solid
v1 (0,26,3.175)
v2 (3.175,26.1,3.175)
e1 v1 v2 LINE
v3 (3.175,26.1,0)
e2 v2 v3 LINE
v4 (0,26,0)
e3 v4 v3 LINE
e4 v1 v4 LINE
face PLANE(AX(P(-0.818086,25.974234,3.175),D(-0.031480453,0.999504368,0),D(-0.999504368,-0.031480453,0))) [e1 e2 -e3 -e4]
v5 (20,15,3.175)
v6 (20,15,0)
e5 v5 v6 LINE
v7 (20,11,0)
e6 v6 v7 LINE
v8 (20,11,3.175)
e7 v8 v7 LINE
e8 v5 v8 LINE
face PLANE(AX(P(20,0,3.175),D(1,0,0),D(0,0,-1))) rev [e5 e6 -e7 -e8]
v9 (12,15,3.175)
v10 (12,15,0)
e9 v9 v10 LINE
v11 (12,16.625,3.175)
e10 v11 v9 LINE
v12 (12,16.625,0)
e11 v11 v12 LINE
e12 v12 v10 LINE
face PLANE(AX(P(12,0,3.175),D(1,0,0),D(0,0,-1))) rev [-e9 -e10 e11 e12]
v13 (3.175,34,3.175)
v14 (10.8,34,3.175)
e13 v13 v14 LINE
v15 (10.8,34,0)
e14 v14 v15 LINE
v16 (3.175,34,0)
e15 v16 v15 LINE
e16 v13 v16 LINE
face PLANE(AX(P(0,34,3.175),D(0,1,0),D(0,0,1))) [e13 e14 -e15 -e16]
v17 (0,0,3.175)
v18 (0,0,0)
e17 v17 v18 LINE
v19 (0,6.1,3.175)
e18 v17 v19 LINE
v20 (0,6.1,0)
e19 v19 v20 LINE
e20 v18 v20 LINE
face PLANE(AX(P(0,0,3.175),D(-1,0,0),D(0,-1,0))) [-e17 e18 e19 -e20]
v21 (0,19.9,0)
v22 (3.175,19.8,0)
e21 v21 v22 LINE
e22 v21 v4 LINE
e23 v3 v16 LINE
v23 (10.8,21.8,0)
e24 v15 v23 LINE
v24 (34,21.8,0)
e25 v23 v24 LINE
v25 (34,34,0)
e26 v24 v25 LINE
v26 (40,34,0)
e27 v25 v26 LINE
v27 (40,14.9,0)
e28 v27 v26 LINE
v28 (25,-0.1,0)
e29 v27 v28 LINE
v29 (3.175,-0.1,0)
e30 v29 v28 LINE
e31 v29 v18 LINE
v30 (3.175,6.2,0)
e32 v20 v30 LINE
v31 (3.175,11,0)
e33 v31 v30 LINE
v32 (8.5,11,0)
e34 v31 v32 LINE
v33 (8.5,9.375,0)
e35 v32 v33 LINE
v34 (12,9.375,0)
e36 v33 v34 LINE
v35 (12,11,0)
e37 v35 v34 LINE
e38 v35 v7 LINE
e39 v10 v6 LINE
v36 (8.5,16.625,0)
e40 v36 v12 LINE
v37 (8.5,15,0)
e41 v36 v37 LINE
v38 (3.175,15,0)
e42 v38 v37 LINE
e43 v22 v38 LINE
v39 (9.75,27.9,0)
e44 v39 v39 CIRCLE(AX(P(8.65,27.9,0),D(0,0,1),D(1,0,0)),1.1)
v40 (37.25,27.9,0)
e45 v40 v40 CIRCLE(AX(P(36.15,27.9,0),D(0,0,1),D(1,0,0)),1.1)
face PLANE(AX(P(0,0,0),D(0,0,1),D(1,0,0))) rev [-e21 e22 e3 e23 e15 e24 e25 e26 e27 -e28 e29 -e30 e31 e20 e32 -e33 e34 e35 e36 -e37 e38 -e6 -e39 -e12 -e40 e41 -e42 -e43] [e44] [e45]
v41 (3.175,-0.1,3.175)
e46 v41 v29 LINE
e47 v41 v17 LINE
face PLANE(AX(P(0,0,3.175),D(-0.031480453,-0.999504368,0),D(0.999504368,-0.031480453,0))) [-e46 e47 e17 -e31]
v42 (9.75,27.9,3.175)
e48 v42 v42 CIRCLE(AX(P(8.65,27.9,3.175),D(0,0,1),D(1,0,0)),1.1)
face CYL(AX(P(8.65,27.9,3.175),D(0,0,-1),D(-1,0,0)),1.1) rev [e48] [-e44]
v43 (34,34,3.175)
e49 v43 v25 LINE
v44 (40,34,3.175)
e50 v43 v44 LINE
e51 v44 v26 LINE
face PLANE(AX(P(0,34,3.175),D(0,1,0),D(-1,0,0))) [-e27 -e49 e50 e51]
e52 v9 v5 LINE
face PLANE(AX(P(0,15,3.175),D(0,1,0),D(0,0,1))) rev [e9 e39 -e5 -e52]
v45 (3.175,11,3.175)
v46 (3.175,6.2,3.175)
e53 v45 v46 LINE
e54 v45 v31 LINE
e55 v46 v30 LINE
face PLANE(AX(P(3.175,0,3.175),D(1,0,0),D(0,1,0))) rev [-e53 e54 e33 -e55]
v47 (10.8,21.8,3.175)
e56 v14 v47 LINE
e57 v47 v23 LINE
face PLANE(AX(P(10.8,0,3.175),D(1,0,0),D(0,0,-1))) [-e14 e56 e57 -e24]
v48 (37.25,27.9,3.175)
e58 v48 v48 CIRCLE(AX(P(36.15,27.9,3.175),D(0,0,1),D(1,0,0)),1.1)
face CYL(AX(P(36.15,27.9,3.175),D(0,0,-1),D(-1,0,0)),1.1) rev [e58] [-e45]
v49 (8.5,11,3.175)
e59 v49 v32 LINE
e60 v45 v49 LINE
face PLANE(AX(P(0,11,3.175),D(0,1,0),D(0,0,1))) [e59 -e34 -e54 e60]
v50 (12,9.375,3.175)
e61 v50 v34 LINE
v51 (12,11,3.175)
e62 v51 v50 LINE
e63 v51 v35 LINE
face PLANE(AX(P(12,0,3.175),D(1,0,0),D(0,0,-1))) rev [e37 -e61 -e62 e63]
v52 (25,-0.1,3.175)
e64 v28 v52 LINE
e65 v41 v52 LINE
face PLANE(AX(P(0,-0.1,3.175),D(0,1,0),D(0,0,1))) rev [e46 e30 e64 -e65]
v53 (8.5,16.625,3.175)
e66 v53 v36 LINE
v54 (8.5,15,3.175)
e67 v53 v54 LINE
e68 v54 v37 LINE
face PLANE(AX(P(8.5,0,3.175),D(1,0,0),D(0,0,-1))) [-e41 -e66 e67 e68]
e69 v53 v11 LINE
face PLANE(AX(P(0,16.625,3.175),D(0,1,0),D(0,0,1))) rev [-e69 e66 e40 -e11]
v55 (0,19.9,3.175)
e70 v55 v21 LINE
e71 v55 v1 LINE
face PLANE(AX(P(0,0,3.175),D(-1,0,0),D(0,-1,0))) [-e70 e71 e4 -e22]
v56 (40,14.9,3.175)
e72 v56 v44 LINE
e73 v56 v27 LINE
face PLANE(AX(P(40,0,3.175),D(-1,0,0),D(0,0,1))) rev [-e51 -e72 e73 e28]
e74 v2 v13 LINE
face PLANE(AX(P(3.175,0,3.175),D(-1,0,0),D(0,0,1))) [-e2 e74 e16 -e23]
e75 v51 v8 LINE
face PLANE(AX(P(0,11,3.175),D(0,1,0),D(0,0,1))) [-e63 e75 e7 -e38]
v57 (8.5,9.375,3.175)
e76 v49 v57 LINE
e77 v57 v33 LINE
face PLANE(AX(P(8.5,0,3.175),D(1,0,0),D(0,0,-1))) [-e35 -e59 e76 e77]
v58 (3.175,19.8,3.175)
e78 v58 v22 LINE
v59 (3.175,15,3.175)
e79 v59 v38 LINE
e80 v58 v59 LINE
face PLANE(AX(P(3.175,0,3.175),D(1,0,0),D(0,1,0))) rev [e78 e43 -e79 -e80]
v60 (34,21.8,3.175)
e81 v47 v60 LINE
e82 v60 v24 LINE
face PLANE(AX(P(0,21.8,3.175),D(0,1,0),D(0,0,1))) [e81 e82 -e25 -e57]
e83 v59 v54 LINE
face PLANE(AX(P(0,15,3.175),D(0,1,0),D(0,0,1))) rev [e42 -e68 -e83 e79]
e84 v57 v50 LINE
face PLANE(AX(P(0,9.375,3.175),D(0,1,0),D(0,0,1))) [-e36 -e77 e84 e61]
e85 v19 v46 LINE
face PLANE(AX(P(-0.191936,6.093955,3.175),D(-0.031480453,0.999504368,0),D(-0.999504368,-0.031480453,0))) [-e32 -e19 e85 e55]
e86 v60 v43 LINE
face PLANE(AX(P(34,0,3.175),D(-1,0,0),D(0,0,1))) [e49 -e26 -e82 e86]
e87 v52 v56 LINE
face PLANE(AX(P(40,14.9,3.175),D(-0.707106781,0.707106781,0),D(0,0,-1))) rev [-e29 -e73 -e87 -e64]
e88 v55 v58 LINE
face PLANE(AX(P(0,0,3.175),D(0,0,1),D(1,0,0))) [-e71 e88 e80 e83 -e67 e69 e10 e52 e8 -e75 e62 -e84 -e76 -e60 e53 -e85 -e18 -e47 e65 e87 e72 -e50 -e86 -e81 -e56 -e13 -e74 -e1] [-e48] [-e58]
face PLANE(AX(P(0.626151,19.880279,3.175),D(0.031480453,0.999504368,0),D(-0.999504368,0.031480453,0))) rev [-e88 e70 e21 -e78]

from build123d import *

# Parameters (mm, degrees)
SKETCH1_R           = 1.1
BOSS_EXTRUDE1_DEPTH = 3.175
CHAMFER1_SIZE       = 15


with BuildPart() as part:
    # Sketch1 → Boss-Extrude1 (new body)
    # profile 1 of 6: a face of its own
    with BuildSketch(Plane.XY):
        Polygon((10.8, 21.8), (10.8, 34), (3.175, 34), (3.175, 26.1), (3.175, 26), (0, 26), (0, 19.9), (3.175, 19.9), (3.175, 19.8), (3.175, 17), (40, 17), (40, 34), (34, 34), (34, 21.8), align=None)
        with Locations((8.65, 27.9)):
            Circle(SKETCH1_R, mode=Mode.SUBTRACT)
        with Locations((36.15, 27.9)):
            Circle(SKETCH1_R, mode=Mode.SUBTRACT)
    # profile 2 of 6: a face of its own
    with BuildSketch(Plane.XY):
        Polygon((40, 0), (40, 17), (3.175, 17), (3.175, 15), (8.5, 15), (8.5, 16.625), (12, 16.625), (12, 15), (20, 15), (20, 11), (12, 11), (12, 9.375), (8.5, 9.375), (8.5, 11), (3.175, 11), (3.175, 6.2), (3.175, 6.1), (0, 6.1), (0, 0), align=None)
    # profile 3 of 6: a face of its own
    with BuildSketch(Plane.XY):
        Polygon((3.175, 26), (3.175, 26.1), (0, 26), align=None)
    # profile 4 of 6: a face of its own
    with BuildSketch(Plane.XY):
        Polygon((3.175, 19.9), (0, 19.9), (3.175, 19.8), align=None)
    # profile 5 of 6: a face of its own
    with BuildSketch(Plane.XY):
        Polygon((3.175, 6.2), (0, 6.1), (3.175, 6.1), align=None)
    # profile 6 of 6: a face of its own
    with BuildSketch(Plane.XY):
        Polygon((40, -0.1), (40, 0), (0, 0), (3.175, -0.1), align=None)
    extrude(amount=BOSS_EXTRUDE1_DEPTH)

    # Chamfer1
    chamfer1_edges = [part.edges().sort_by_distance(p)[0] for p in [
        (40, -0.1, 1.5875),
    ]]
    chamfer(chamfer1_edges, length=CHAMFER1_SIZE)


solid = part.part
